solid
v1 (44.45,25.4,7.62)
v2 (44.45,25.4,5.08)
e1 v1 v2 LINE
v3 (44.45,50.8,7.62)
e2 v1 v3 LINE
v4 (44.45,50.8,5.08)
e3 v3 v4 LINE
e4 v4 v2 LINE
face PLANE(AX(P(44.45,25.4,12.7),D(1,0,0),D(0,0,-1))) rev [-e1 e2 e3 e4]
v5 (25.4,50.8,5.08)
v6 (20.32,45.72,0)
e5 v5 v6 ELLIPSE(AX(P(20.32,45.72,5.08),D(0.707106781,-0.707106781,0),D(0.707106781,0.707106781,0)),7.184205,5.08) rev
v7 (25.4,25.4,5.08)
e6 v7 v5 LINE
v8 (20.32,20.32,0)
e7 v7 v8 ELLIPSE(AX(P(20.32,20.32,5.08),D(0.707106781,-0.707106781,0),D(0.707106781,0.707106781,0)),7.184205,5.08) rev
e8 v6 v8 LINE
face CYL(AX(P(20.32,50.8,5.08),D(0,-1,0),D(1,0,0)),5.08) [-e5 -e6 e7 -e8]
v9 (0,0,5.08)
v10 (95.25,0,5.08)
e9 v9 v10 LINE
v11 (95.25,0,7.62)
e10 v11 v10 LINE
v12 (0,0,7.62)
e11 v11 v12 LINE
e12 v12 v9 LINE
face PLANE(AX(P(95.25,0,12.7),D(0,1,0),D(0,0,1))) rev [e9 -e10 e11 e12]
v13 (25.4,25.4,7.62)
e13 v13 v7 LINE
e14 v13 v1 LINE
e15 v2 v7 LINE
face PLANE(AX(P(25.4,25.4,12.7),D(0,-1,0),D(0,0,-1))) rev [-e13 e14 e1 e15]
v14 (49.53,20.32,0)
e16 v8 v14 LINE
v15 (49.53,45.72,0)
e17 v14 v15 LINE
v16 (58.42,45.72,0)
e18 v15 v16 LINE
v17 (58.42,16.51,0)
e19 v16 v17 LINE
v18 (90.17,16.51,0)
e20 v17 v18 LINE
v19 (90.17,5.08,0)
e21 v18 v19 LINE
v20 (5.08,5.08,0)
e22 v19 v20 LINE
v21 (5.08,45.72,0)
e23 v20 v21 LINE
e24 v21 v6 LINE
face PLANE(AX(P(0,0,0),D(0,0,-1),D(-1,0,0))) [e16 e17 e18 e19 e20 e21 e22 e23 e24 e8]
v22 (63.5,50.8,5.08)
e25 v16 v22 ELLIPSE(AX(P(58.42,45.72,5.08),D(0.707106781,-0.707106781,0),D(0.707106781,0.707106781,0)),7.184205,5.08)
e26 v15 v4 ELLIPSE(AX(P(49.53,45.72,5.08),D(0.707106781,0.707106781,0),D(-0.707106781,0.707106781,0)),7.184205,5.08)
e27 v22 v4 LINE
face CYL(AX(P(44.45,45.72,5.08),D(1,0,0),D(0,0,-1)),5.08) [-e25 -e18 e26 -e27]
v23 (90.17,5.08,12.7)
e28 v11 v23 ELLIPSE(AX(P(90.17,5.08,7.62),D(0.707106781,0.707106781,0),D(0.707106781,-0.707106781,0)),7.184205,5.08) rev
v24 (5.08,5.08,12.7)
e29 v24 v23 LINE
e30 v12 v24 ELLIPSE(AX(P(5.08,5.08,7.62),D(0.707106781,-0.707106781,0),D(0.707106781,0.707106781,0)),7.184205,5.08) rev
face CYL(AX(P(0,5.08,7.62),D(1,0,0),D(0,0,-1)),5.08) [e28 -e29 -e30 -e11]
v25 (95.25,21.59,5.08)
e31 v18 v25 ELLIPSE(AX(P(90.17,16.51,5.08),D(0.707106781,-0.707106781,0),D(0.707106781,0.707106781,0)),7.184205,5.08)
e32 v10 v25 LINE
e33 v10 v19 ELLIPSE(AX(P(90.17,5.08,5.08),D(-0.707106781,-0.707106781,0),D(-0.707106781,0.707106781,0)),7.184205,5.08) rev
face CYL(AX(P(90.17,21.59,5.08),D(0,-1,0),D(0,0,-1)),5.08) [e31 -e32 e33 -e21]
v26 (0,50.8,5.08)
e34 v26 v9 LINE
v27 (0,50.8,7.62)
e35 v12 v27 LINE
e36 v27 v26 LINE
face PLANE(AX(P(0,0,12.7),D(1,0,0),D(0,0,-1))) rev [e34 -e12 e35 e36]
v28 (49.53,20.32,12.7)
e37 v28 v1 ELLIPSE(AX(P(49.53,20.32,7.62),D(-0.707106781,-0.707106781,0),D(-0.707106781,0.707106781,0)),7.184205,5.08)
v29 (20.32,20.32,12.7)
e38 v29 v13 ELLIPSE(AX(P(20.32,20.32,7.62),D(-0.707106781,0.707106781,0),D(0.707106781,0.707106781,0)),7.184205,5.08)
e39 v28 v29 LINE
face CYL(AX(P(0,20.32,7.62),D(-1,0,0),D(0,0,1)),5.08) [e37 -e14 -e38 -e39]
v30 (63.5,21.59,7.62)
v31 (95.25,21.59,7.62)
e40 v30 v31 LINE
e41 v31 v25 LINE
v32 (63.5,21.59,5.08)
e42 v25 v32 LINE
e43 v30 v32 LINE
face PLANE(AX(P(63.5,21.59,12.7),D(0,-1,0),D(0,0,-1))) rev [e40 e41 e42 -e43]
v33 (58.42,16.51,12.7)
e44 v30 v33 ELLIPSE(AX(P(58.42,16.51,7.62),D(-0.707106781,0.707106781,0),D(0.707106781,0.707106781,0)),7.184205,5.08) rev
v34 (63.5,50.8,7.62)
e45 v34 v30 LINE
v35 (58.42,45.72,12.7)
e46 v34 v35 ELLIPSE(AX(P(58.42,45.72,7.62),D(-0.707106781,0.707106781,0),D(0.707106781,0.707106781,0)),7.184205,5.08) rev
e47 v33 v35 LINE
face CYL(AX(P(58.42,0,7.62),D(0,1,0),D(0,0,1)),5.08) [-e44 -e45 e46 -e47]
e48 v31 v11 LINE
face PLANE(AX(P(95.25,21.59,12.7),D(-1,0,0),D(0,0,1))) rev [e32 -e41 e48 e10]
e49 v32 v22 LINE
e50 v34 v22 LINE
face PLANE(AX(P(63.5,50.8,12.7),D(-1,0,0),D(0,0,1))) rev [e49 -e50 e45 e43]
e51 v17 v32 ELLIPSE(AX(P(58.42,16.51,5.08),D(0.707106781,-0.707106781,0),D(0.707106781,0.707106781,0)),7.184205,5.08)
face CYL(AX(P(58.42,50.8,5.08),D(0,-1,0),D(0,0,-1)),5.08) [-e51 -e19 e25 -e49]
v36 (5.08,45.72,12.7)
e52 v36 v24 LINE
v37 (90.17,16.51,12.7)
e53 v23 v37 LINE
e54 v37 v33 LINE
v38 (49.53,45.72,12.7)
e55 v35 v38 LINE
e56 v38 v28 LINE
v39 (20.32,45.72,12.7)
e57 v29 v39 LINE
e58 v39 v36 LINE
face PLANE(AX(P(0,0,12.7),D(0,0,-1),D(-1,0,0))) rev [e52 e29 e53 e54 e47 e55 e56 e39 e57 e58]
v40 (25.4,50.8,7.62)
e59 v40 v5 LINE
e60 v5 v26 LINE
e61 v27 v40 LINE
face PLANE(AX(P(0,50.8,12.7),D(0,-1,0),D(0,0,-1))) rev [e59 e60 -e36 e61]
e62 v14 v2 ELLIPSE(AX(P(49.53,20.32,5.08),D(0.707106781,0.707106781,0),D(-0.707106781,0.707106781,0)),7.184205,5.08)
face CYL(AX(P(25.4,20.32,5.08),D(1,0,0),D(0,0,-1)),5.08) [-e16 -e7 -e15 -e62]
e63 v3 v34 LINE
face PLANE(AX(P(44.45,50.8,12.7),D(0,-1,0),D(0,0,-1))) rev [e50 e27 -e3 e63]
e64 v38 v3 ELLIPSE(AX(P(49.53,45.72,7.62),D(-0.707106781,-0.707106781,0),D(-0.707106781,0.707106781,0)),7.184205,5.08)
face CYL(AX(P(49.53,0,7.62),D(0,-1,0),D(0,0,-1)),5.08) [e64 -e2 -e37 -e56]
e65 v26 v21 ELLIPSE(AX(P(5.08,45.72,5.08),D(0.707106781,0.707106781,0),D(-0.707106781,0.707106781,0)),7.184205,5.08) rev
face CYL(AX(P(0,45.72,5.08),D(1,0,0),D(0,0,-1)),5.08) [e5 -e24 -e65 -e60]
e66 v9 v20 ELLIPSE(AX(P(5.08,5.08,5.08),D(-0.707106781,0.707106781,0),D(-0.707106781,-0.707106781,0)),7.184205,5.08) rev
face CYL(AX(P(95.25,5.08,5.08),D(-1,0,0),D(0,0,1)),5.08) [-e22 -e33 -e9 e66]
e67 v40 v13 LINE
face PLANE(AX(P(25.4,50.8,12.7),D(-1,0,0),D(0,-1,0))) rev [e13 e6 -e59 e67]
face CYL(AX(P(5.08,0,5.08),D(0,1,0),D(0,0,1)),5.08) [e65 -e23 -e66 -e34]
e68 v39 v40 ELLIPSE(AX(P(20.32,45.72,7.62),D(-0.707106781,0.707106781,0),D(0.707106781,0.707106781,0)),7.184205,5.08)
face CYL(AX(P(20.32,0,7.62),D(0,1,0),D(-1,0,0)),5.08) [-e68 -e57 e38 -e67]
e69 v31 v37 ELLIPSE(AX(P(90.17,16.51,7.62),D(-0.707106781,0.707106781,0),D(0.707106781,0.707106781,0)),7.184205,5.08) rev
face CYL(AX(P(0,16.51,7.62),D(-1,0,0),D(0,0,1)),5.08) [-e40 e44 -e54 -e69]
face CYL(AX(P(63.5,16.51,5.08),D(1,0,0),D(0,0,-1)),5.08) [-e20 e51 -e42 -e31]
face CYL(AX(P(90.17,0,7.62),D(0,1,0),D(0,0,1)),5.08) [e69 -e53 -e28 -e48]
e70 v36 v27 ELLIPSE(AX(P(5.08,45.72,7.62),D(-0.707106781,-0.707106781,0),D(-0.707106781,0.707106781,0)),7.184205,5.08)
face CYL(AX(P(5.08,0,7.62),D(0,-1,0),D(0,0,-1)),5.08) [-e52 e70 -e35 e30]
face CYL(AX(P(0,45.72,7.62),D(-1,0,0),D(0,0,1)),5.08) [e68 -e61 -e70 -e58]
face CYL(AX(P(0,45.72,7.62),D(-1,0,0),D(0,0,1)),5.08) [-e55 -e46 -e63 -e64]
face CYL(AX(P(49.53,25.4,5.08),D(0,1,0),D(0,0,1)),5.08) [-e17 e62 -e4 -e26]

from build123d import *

# Parameters (mm, degrees)
BOSS_EXTRUDE1_DEPTH = 12.7
FILLET1_R           = 5.08


with BuildPart() as part:
    # Sketch3 → Boss-Extrude1 (new body)
    with BuildSketch(Plane.XY):
        Polygon((0, 0), (0, 50.8), (25.4, 50.8), (25.4, 25.4), (44.45, 25.4), (44.45, 50.8), (63.5, 50.8), (63.5, 21.59), (95.25, 21.59), (95.25, 0), align=None)
    extrude(amount=BOSS_EXTRUDE1_DEPTH)

    # Fillet1
    fillet1_edges = [part.edges().sort_by_distance(p)[0] for p in [
        (0, 25.4, 0),
        (12.7, 50.8, 0),
        (25.4, 38.1, 0),
        (34.925, 25.4, 0),
        (44.45, 38.1, 0),
        (53.975, 50.8, 0),
        (63.5, 36.195, 0),
        (79.375, 21.59, 12.7),
        (79.375, 21.59, 0),
        (95.25, 10.795, 0),
        (47.625, 0, 0),
        (63.5, 36.195, 12.7),
        (53.975, 50.8, 12.7),
        (44.45, 38.1, 12.7),
        (34.925, 25.4, 12.7),
        (25.4, 38.1, 12.7),
        (12.7, 50.8, 12.7),
        (0, 25.4, 12.7),
        (47.625, 0, 12.7),
        (95.25, 10.795, 12.7),
    ]]
    fillet(fillet1_edges, radius=FILLET1_R)


solid = part.part
